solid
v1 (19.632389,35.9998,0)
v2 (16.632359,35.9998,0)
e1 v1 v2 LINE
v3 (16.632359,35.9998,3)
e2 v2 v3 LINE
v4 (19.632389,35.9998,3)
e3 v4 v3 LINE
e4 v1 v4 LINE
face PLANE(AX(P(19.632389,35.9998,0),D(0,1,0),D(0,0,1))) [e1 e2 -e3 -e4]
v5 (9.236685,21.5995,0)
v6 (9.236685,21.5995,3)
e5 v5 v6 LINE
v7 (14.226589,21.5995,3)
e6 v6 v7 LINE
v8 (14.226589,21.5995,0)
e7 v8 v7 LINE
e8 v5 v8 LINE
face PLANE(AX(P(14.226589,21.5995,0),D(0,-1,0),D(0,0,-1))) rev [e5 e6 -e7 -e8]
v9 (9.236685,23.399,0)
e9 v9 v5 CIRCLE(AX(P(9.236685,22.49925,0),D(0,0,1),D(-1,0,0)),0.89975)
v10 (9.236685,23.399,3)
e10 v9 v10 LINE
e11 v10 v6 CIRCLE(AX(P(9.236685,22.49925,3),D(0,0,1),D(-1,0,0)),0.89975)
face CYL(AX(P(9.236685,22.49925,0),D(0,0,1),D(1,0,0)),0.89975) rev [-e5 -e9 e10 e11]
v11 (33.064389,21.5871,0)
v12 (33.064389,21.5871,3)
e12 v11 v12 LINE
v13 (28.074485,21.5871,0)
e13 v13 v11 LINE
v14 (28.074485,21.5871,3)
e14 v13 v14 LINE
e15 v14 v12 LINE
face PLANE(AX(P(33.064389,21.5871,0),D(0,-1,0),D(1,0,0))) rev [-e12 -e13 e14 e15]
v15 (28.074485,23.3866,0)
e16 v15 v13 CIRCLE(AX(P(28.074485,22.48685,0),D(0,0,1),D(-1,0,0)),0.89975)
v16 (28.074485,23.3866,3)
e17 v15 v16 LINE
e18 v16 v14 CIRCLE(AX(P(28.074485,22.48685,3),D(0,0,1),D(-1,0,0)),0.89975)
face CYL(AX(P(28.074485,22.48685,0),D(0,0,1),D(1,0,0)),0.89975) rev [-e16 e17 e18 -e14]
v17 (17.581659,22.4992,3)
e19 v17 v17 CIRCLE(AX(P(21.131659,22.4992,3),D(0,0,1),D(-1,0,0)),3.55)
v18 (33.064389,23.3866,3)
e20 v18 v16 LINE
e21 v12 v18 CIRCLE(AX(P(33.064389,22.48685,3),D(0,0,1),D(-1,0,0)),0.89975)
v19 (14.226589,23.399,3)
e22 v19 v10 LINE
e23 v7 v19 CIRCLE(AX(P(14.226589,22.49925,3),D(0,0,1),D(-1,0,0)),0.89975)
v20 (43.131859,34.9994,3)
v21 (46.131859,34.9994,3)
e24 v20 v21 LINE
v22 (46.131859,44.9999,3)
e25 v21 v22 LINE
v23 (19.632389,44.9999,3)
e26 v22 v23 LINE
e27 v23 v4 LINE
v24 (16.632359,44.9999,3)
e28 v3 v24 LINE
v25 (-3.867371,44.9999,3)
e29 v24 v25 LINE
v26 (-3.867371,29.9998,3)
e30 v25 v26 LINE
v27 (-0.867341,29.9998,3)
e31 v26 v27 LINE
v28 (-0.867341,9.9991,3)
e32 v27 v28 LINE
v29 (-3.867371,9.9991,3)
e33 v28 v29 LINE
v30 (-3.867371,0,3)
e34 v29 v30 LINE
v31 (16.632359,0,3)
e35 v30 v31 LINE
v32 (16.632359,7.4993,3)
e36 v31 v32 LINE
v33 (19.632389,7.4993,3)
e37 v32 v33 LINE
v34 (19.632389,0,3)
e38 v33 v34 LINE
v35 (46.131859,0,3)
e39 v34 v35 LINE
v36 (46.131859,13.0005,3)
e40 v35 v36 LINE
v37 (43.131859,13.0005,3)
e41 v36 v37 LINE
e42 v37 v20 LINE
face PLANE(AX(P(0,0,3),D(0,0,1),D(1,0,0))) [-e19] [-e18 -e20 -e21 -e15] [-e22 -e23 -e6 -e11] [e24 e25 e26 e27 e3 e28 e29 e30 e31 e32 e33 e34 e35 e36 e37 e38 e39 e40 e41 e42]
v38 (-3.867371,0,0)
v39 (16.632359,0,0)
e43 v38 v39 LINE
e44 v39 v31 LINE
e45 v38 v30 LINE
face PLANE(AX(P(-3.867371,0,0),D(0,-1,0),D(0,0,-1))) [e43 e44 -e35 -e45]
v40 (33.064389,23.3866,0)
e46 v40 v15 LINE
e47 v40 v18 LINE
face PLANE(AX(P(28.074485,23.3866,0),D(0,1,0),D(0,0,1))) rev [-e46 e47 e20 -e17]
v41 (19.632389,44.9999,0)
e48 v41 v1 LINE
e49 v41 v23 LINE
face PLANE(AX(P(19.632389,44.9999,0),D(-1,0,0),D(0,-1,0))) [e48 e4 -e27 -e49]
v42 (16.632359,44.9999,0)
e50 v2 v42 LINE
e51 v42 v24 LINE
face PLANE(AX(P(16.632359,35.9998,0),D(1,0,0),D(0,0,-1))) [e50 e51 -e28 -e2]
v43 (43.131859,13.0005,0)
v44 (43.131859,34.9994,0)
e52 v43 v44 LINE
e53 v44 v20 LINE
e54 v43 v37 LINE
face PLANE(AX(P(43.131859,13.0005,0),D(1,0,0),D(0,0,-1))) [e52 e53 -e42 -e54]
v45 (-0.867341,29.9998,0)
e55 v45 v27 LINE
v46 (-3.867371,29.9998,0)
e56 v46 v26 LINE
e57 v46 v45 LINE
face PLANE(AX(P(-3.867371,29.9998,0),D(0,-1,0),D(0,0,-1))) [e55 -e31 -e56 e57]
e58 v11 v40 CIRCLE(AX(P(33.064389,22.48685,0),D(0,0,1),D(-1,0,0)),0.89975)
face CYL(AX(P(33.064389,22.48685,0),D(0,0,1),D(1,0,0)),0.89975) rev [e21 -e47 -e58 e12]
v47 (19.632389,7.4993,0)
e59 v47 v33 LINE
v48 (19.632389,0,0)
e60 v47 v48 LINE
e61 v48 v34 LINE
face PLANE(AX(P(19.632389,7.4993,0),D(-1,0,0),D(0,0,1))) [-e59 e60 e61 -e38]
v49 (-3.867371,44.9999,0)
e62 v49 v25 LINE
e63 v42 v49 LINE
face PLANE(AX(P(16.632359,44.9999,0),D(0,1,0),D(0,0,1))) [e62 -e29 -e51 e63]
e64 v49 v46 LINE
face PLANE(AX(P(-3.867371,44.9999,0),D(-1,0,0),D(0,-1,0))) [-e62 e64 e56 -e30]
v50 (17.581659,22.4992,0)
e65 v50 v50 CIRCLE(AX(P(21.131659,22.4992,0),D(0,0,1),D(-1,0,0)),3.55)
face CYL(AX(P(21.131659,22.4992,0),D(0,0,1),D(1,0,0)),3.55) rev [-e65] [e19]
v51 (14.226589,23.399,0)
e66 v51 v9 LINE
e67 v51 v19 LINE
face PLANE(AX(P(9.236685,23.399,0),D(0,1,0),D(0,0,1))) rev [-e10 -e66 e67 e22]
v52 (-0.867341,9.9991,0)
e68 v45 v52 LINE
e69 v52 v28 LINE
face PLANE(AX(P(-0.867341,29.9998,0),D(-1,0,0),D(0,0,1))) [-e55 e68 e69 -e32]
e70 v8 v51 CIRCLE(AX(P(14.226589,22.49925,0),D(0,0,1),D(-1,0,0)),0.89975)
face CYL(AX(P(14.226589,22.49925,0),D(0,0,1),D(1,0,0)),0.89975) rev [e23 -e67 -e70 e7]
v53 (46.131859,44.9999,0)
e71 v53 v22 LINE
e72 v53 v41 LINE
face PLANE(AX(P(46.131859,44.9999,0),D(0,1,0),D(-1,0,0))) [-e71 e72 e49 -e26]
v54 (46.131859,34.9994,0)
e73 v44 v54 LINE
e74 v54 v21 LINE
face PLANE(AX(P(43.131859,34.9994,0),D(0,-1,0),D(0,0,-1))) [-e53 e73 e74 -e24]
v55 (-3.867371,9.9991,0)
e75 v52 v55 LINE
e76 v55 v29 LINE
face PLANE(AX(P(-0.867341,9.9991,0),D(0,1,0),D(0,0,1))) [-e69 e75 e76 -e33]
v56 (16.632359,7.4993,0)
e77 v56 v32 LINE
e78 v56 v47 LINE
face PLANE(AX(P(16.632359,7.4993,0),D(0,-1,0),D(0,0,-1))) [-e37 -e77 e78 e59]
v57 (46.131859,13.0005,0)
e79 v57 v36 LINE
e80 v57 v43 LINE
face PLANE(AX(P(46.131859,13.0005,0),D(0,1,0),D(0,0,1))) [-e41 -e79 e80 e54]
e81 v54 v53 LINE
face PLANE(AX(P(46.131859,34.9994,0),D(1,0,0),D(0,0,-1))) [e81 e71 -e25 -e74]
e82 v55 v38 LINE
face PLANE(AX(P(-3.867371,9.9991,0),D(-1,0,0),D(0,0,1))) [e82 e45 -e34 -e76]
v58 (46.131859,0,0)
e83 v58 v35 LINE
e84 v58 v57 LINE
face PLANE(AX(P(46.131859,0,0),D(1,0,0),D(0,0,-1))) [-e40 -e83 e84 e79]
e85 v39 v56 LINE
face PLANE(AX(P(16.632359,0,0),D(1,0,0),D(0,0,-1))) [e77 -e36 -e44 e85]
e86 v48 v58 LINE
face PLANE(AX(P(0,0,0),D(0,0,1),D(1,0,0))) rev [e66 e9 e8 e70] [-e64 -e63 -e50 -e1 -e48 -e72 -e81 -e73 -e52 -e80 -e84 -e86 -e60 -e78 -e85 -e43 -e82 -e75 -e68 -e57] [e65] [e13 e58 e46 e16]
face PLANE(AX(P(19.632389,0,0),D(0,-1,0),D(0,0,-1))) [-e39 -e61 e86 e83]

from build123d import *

# Parameters (mm, degrees)
SKETCH_1_R      = 3.55
EXTRUDE_1_DEPTH = 3


with BuildPart() as part:
    # 草图1 → 凸台-拉伸1 (new body)
    with BuildSketch(Plane.XY.offset(3)):
        Polygon((46.131858504, 44.9999), (19.632388504, 44.9999), (19.632388504, 35.9998), (16.632358504, 35.9998), (16.632358504, 44.9999), (-3.867371496, 44.9999), (-3.867371496, 29.9998), (-0.867341496, 29.9998), (-0.867341496, 9.9991), (-3.867371496, 9.9991), (-3.867371496, 0), (16.632358504, 0), (16.632358504, 7.4993), (19.632388504, 7.4993), (19.632388504, 0), (46.131858504, 0), (46.131858504, 13.0005), (43.131858504, 13.0005), (43.131858504, 34.9994), (46.131858504, 34.9994), align=None)
        with Locations(Location((21.131658504, 22.4992, 0), (0, 0, 180))):
            Circle(SKETCH_1_R, mode=Mode.SUBTRACT)
        with BuildLine():
            Line((9.236684618, 23.399), (14.226589495, 23.399))
            ThreePointArc((14.226589495, 23.399), (15.126339495, 22.49925), (14.226589495, 21.5995))
            Line((14.226589495, 21.5995), (9.236684618, 21.5995))
            ThreePointArc((9.236684618, 21.5995), (8.336934618, 22.49925), (9.236684618, 23.399))
        make_face(mode=Mode.SUBTRACT)
        with BuildLine():
            Line((33.064389495, 21.5871), (28.074484618, 21.5871))
            ThreePointArc((28.074484618, 21.5871), (27.174734618, 22.48685), (28.074484618, 23.3866))
            Line((28.074484618, 23.3866), (33.064389495, 23.3866))
            ThreePointArc((33.064389495, 23.3866), (33.964139495, 22.48685), (33.064389495, 21.5871))
        make_face(mode=Mode.SUBTRACT)
    extrude(amount=-EXTRUDE_1_DEPTH)


solid = part.part
